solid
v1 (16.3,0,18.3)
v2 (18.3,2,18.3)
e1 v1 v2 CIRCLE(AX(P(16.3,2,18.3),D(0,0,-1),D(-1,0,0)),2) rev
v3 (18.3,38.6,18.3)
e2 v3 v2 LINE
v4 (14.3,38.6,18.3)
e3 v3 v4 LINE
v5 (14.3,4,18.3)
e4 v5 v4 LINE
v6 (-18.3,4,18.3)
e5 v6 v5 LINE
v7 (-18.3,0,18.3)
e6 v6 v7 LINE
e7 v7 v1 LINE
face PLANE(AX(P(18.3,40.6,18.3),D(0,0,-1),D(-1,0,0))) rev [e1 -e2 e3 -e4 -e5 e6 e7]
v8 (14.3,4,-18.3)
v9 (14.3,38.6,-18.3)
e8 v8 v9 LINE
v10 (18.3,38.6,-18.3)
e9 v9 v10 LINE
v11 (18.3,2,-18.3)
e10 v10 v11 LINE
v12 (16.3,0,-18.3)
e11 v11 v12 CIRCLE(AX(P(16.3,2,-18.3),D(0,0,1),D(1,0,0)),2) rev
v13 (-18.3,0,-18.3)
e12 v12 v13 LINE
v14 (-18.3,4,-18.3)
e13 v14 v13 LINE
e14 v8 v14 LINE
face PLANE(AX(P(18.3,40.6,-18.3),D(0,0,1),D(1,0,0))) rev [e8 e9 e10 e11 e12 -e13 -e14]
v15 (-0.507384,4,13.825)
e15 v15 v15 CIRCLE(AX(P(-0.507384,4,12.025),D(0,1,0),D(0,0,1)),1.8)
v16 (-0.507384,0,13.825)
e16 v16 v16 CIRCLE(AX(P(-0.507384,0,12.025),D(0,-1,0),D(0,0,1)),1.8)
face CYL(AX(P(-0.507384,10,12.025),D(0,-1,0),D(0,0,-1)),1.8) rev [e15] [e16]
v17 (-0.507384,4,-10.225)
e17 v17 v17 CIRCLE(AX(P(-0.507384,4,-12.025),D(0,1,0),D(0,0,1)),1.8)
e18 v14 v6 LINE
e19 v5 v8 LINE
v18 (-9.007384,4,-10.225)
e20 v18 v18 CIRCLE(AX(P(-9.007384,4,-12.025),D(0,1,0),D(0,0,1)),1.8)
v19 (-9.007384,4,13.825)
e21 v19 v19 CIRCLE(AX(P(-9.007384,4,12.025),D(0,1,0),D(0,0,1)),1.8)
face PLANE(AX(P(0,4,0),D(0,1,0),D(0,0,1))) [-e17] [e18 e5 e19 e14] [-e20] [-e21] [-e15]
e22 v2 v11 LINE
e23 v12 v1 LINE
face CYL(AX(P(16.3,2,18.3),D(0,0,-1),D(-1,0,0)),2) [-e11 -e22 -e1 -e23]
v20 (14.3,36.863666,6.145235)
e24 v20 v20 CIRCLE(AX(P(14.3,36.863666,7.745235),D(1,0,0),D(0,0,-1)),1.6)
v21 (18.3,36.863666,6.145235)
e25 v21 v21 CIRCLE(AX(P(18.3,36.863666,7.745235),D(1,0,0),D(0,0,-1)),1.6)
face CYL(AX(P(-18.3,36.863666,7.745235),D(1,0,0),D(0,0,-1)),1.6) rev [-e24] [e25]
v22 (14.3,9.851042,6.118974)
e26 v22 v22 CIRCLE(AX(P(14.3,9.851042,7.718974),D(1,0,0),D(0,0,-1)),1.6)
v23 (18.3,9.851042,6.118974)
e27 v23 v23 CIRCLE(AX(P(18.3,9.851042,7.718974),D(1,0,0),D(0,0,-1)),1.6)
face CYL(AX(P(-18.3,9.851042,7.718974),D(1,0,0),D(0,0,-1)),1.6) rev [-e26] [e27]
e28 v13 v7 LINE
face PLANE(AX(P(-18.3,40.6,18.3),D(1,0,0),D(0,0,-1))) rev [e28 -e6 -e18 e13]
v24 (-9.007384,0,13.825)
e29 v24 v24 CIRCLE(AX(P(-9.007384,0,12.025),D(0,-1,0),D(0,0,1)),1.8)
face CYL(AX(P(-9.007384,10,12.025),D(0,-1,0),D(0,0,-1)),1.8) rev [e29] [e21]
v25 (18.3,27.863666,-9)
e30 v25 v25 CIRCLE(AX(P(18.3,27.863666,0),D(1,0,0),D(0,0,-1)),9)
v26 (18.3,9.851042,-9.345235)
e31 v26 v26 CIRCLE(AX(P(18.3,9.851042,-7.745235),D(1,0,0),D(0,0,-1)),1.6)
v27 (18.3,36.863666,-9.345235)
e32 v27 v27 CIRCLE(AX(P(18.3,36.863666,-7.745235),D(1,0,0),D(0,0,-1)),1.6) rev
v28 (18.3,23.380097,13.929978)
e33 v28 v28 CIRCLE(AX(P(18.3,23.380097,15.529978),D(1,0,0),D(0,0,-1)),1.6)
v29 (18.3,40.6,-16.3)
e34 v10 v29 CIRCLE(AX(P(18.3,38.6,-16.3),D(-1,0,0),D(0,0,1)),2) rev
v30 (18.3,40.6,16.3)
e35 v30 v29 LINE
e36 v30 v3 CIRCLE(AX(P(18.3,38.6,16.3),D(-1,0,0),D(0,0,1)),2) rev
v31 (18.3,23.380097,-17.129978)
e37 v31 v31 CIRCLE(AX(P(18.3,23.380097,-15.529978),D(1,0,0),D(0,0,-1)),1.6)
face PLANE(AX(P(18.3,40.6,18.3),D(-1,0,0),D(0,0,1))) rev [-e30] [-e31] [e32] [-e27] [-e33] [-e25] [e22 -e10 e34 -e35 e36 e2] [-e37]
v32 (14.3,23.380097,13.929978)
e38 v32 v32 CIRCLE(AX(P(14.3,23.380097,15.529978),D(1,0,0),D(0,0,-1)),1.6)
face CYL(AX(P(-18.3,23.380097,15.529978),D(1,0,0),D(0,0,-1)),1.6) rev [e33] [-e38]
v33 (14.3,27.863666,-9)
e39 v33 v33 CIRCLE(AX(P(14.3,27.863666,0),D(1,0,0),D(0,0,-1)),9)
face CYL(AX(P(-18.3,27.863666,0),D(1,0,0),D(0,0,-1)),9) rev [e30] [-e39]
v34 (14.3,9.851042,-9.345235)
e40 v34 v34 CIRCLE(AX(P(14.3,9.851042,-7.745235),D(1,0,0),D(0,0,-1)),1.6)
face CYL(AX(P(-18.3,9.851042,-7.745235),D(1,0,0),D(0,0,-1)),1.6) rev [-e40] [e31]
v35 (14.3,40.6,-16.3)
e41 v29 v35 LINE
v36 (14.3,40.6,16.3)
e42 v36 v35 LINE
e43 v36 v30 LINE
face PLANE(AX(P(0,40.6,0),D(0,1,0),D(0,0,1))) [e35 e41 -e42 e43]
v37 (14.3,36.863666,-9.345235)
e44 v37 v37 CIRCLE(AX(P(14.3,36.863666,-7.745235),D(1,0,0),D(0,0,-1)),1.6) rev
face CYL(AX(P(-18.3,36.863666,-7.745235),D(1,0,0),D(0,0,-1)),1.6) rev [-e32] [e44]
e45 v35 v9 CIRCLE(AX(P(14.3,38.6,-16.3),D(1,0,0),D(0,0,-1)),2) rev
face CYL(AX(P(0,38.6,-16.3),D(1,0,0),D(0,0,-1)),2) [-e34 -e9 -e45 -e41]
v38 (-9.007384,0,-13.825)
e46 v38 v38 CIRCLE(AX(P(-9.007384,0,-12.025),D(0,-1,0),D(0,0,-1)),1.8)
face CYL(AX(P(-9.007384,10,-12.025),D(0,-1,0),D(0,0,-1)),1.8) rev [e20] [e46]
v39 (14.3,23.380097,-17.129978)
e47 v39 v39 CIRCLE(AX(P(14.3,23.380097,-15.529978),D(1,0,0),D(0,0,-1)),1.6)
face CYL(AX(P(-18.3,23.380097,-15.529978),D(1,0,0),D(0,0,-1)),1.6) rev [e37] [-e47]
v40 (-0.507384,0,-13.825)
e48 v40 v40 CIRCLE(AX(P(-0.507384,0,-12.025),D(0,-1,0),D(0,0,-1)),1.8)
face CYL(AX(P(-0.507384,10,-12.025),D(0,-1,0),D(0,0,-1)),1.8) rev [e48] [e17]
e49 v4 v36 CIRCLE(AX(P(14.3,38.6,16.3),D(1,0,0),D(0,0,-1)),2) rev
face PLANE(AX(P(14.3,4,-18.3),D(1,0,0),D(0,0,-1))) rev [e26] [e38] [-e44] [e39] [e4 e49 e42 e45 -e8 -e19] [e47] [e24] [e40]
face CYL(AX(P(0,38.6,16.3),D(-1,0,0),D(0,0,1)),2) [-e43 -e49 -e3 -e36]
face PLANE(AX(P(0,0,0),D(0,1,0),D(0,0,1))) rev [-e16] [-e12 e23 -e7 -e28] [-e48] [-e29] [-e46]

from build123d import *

# Parameters (mm, degrees)
SKETCH_1_W          = 36.6
SKETCH_1_H          = 36.6
EXTRUDE_1_DEPTH     = 40.6
SKETCH_2_W          = 32.6
SKETCH_2_H          = 36.6
CUT_EXTRUDE_1_DEPTH = 36.6
SKETCH_3_R          = 9
SKETCH_3_R_2        = 1.6
CUT_EXTRUDE_5_DEPTH = 36.6
FILLET_1_R          = 2
FILLET_2_R          = 2
SKETCH_7_R          = 1.8
CUT_EXTRUDE_6_DEPTH = 10


with BuildPart() as part:
    # 草图1 → 凸台-拉伸1 (new body)
    with BuildSketch(Plane(origin=(0, 0, 0), x_dir=(1, 0, 0), z_dir=(0, 1, 0))):
        Rectangle(SKETCH_1_W, SKETCH_1_H)
    extrude(amount=EXTRUDE_1_DEPTH)

    # 草图2 → 切除-拉伸1 (cut)
    with BuildSketch(Plane(origin=(0, 40.6, 0), x_dir=(1, 0, 0), z_dir=(0, 1, 0))):
        with Locations((-2, 0)):
            Rectangle(SKETCH_2_W, SKETCH_2_H)
    extrude(amount=-CUT_EXTRUDE_1_DEPTH, mode=Mode.SUBTRACT)

    # 草图3 → 切除-拉伸5 (cut)
    with BuildSketch(Plane(origin=(18.3, 0, 0), x_dir=(0, 0, -1), z_dir=(1, 0, 0))):
        with Locations((0, 27.863666333)):
            Circle(SKETCH_3_R)
        with Locations((-7.745235234, 36.863666333)):
            Circle(SKETCH_3_R_2)
        with Locations((7.745235234, 36.863666333)):
            Circle(SKETCH_3_R_2)
        with Locations((-15.529977583, 23.38009706)):
            Circle(SKETCH_3_R_2)
        with Locations((15.529977583, 23.38009706)):
            Circle(SKETCH_3_R_2)
        with Locations((7.745235234, 9.85104245)):
            Circle(SKETCH_3_R_2)
        with Locations((-7.718974262, 9.85104245)):
            Circle(SKETCH_3_R_2)
    extrude(amount=-CUT_EXTRUDE_5_DEPTH, mode=Mode.SUBTRACT)

    # 圆角1
    fillet_1_edges = [part.edges().sort_by_distance(p)[0] for p in [
        (18.3, 0, 0),
    ]]
    fillet(fillet_1_edges, radius=FILLET_1_R)

    # 圆角2
    fillet_2_edges = [part.edges().sort_by_distance(p)[0] for p in [
        (16.3, 40.6, 18.3),
        (16.3, 40.6, -18.3),
    ]]
    fillet(fillet_2_edges, radius=FILLET_2_R)

    # 草图7 → 切除-拉伸6 (cut)
    with BuildSketch(Plane(origin=(0, 0, 0), x_dir=(-1, 0, 0), z_dir=(0, -1, 0))):
        with Locations(Location((0.50738419, 12.025, 0), (0, 0, 90))):
            Circle(SKETCH_7_R)
        with Locations(Location((9.00738419, 12.025, 0), (0, 0, 90))):
            Circle(SKETCH_7_R)
        with Locations(Location((9.00738419, -12.025, 0), (0, 0, 270))):
            Circle(SKETCH_7_R)
        with Locations(Location((0.50738419, -12.025, 0), (0, 0, 270))):
            Circle(SKETCH_7_R)
    extrude(amount=-CUT_EXTRUDE_6_DEPTH, mode=Mode.SUBTRACT)


solid = part.part
